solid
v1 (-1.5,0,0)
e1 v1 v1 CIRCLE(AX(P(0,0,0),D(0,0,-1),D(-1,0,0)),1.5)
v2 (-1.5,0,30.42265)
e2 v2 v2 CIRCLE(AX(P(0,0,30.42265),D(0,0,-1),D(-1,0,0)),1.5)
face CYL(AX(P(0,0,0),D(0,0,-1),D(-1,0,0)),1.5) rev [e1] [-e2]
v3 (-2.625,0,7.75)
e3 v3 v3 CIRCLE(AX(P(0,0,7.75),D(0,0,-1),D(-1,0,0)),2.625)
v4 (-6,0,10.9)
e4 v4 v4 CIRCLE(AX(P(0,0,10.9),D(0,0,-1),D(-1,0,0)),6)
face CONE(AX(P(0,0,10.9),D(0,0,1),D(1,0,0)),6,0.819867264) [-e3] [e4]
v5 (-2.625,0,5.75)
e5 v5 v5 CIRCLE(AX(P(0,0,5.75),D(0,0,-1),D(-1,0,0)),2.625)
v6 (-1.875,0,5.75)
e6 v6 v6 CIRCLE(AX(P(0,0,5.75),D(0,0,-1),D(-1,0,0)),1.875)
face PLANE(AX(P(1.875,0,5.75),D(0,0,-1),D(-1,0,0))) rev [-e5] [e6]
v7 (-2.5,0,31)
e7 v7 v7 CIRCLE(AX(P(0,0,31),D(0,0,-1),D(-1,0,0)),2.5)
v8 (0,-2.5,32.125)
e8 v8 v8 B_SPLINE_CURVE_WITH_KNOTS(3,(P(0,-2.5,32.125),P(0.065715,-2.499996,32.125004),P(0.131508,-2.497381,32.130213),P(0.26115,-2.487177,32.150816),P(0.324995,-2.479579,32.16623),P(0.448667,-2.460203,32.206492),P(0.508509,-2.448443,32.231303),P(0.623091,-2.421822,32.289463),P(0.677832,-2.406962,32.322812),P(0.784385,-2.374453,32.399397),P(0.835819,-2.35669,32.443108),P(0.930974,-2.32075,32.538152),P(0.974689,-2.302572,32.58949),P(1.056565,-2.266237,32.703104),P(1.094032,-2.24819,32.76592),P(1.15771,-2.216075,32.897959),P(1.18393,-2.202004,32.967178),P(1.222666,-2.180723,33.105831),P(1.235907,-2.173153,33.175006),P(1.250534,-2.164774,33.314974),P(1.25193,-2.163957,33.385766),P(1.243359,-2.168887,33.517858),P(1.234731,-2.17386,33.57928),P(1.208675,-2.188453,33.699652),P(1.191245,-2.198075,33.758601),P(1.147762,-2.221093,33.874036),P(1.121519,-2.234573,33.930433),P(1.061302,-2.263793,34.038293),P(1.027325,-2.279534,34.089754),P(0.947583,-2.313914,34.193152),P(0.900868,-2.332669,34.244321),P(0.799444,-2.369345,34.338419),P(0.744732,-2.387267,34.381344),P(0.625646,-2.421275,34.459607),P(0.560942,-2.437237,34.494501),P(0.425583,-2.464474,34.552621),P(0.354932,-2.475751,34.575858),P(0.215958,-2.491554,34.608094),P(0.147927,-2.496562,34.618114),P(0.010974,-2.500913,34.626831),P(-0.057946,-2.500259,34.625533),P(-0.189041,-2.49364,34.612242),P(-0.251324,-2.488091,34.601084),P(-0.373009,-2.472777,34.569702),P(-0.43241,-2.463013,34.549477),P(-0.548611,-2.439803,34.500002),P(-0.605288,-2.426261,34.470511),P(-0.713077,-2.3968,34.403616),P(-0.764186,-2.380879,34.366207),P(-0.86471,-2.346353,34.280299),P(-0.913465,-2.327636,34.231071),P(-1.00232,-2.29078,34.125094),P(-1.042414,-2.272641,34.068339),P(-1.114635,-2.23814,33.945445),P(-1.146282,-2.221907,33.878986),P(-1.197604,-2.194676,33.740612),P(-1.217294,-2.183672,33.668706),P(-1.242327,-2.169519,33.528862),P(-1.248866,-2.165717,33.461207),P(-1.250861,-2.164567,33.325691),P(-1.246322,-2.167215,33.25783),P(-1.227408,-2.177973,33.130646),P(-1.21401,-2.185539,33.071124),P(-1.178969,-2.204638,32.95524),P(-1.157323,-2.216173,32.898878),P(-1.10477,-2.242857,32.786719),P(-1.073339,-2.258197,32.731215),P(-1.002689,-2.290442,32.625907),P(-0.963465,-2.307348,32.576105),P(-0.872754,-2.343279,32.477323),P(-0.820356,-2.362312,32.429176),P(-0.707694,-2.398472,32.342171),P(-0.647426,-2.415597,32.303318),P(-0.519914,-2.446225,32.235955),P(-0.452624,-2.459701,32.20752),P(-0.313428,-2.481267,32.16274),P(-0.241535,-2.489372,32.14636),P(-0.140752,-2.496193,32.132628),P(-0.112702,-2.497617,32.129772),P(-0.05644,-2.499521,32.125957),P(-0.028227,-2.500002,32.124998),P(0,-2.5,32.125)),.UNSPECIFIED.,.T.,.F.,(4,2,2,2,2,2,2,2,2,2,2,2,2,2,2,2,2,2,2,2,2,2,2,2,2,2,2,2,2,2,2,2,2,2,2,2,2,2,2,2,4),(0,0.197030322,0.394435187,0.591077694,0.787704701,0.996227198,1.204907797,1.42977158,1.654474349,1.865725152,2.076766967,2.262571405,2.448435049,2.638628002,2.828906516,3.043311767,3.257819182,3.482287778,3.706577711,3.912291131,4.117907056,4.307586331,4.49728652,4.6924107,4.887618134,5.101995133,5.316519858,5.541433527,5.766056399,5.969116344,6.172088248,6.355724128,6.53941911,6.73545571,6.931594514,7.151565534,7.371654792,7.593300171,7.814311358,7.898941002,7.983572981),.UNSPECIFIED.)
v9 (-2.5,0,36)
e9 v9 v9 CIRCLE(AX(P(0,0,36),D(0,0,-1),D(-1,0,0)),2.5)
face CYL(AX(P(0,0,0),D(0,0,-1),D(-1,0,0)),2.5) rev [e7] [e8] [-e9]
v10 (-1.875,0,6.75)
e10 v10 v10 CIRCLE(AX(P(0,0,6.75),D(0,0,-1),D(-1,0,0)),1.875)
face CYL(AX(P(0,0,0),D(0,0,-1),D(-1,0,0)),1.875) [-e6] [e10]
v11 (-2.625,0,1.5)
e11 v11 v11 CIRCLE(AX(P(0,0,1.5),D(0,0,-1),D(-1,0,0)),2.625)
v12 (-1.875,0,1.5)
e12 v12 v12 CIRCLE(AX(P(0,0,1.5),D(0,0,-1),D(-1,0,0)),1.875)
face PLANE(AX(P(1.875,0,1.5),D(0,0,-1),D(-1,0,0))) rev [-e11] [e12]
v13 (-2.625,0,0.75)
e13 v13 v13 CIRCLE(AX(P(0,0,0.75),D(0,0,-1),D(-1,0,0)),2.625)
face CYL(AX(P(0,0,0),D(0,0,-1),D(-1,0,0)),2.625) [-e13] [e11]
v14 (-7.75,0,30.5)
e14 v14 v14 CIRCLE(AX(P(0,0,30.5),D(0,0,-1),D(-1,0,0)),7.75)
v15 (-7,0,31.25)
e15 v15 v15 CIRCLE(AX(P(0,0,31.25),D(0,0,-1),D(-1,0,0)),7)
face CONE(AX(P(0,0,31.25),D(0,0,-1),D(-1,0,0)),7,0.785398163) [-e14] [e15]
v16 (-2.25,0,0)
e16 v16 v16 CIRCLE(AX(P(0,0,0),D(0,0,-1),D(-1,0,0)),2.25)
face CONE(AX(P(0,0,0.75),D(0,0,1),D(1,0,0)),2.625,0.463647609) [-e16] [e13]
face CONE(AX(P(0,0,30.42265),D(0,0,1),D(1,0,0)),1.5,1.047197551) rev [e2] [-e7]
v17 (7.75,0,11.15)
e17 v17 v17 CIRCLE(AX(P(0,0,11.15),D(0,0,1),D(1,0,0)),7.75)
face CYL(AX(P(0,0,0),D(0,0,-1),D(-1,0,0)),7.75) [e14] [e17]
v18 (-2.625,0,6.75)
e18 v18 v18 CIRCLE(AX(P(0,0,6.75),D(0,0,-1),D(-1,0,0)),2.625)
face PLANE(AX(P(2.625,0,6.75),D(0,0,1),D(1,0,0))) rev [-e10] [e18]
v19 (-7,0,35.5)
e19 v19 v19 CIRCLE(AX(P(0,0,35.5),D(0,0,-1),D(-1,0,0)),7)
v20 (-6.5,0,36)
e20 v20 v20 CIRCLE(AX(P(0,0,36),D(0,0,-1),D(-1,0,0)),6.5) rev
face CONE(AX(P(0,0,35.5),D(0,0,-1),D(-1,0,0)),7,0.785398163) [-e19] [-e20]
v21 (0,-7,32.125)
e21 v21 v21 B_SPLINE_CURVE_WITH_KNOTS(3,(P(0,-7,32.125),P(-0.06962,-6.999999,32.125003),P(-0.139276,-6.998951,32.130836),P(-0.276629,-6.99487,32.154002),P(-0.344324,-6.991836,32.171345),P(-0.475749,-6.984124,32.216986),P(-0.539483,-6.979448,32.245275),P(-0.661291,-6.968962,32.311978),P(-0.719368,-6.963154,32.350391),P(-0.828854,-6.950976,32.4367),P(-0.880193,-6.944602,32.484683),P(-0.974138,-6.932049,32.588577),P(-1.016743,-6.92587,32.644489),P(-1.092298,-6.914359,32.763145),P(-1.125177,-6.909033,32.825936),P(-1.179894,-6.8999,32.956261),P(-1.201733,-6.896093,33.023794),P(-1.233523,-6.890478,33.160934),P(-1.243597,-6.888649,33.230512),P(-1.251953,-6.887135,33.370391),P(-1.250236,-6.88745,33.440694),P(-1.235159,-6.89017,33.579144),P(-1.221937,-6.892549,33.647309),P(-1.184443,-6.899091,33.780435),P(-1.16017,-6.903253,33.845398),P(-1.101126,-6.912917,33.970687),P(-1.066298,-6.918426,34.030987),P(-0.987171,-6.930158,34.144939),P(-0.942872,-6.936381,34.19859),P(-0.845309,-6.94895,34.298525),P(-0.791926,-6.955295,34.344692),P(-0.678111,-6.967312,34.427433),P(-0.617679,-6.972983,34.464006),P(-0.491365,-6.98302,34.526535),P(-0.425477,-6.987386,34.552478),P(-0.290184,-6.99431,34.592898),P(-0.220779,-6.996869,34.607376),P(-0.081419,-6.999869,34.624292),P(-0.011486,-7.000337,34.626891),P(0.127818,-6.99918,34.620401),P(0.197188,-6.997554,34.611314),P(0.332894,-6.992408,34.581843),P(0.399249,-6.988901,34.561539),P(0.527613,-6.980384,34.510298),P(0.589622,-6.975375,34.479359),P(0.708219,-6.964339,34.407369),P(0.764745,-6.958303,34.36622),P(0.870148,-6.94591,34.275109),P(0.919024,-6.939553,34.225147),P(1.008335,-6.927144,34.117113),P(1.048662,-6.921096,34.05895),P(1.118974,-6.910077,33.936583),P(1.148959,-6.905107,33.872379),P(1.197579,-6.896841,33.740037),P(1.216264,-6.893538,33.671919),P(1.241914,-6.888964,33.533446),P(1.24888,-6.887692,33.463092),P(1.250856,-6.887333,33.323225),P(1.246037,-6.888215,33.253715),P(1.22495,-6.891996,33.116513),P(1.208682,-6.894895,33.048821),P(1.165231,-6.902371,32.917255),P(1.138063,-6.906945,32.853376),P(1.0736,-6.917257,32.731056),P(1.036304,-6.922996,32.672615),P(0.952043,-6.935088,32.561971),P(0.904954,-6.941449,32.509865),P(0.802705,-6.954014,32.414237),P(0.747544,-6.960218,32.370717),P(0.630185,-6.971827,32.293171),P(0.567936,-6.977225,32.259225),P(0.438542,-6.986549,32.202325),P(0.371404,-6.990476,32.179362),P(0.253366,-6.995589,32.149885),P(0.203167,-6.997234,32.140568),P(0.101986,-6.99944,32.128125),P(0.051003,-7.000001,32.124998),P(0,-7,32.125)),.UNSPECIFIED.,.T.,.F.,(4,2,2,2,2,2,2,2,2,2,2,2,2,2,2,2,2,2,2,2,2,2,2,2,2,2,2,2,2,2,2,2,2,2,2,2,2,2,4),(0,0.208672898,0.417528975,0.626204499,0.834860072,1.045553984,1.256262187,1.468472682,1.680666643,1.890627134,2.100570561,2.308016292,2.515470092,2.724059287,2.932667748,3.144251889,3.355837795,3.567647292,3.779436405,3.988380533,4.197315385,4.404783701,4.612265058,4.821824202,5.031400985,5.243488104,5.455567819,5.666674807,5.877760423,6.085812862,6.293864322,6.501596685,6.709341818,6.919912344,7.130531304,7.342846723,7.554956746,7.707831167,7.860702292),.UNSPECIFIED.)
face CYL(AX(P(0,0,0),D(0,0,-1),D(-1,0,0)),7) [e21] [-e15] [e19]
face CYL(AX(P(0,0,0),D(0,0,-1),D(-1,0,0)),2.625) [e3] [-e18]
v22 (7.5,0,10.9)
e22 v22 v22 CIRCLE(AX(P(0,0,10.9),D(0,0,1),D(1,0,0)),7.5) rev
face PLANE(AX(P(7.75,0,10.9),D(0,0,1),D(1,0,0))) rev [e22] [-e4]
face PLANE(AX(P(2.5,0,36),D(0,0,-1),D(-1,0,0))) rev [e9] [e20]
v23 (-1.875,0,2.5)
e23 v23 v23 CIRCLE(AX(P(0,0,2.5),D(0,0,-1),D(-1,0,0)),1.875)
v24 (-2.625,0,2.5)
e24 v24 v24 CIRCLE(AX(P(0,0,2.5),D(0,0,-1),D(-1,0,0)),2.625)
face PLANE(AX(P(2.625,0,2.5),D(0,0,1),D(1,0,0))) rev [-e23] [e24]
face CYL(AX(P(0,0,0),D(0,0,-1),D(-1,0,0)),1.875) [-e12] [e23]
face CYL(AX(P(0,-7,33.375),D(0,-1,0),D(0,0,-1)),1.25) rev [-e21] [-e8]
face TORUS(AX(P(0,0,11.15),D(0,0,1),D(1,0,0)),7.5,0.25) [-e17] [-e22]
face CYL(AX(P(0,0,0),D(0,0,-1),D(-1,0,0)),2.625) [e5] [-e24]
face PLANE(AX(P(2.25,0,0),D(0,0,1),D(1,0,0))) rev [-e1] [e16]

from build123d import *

# Parameters (mm, degrees)
OUTSIDE_BOTTOM_FILLET_R   = 0.25
TOP_CHAMFER_SIZE          = 0.5
M3X0_5_TAPPED_HOLE_REACH  = 39.303
M3X0_5_TAPPED_HOLE_BORE_R = 1.25


with BuildPart() as part:
    # Body Sketch → Body Revolve (revolve)
    with BuildSketch(Plane(origin=(0, 0, 0), x_dir=(1, 0, 0), z_dir=(0, 1, 0)), mode=Mode.PRIVATE) as body_revolve_sk:
        Polygon((2.5, -36), (7, -36), (7, -31.25), (7.75, -30.5), (7.75, -10.9), (6, -10.9), (2.625, -7.75), (2.625, -6.75), (1.875, -6.75), (1.875, -5.75), (2.625, -5.75), (2.625, -2.5), (1.875, -2.5), (1.875, -1.5), (2.625, -1.5), (2.625, -0.75), (2.25, 0), (1.5, 0), (1.5, -30.422649731), (2.5, -31), align=None)
    revolve(body_revolve_sk.sketch.rotate(Axis((0, 0, 0), (0, 0, 1)), 180), axis=Axis((0, 0, 0), (0, 0, 1)))

    # Outside Bottom Fillet
    outside_bottom_fillet_edges = [part.edges().sort_by_distance(p)[0] for p in [
        (7.75, 0, 10.9),
    ]]
    fillet(outside_bottom_fillet_edges, radius=OUTSIDE_BOTTOM_FILLET_R)

    # Top Chamfer
    top_chamfer_edges = [part.edges().sort_by_distance(p)[0] for p in [
        (7, 0, 36),
    ]]
    chamfer(top_chamfer_edges, length=TOP_CHAMFER_SIZE)

    # M3x0.5 Tapped Hole bore (on position points) → M3x0.5 Tapped Hole (cut, up to next)
    with BuildSketch(Plane(origin=(0, -7, 33.375), x_dir=(-1, 0, 0), z_dir=(0, -1, 0)), mode=Mode.PRIVATE) as m3x0_5_tapped_hole_sk1:
        Circle(M3X0_5_TAPPED_HOLE_BORE_R)
    m3x0_5_tapped_hole_tool1 = extrude(m3x0_5_tapped_hole_sk1.sketch, amount=-M3X0_5_TAPPED_HOLE_REACH, mode=Mode.PRIVATE) & part.part
    add(m3x0_5_tapped_hole_tool1.solids().sort_by_distance((0, -7, 33.375))[0], mode=Mode.SUBTRACT)


solid = part.part
